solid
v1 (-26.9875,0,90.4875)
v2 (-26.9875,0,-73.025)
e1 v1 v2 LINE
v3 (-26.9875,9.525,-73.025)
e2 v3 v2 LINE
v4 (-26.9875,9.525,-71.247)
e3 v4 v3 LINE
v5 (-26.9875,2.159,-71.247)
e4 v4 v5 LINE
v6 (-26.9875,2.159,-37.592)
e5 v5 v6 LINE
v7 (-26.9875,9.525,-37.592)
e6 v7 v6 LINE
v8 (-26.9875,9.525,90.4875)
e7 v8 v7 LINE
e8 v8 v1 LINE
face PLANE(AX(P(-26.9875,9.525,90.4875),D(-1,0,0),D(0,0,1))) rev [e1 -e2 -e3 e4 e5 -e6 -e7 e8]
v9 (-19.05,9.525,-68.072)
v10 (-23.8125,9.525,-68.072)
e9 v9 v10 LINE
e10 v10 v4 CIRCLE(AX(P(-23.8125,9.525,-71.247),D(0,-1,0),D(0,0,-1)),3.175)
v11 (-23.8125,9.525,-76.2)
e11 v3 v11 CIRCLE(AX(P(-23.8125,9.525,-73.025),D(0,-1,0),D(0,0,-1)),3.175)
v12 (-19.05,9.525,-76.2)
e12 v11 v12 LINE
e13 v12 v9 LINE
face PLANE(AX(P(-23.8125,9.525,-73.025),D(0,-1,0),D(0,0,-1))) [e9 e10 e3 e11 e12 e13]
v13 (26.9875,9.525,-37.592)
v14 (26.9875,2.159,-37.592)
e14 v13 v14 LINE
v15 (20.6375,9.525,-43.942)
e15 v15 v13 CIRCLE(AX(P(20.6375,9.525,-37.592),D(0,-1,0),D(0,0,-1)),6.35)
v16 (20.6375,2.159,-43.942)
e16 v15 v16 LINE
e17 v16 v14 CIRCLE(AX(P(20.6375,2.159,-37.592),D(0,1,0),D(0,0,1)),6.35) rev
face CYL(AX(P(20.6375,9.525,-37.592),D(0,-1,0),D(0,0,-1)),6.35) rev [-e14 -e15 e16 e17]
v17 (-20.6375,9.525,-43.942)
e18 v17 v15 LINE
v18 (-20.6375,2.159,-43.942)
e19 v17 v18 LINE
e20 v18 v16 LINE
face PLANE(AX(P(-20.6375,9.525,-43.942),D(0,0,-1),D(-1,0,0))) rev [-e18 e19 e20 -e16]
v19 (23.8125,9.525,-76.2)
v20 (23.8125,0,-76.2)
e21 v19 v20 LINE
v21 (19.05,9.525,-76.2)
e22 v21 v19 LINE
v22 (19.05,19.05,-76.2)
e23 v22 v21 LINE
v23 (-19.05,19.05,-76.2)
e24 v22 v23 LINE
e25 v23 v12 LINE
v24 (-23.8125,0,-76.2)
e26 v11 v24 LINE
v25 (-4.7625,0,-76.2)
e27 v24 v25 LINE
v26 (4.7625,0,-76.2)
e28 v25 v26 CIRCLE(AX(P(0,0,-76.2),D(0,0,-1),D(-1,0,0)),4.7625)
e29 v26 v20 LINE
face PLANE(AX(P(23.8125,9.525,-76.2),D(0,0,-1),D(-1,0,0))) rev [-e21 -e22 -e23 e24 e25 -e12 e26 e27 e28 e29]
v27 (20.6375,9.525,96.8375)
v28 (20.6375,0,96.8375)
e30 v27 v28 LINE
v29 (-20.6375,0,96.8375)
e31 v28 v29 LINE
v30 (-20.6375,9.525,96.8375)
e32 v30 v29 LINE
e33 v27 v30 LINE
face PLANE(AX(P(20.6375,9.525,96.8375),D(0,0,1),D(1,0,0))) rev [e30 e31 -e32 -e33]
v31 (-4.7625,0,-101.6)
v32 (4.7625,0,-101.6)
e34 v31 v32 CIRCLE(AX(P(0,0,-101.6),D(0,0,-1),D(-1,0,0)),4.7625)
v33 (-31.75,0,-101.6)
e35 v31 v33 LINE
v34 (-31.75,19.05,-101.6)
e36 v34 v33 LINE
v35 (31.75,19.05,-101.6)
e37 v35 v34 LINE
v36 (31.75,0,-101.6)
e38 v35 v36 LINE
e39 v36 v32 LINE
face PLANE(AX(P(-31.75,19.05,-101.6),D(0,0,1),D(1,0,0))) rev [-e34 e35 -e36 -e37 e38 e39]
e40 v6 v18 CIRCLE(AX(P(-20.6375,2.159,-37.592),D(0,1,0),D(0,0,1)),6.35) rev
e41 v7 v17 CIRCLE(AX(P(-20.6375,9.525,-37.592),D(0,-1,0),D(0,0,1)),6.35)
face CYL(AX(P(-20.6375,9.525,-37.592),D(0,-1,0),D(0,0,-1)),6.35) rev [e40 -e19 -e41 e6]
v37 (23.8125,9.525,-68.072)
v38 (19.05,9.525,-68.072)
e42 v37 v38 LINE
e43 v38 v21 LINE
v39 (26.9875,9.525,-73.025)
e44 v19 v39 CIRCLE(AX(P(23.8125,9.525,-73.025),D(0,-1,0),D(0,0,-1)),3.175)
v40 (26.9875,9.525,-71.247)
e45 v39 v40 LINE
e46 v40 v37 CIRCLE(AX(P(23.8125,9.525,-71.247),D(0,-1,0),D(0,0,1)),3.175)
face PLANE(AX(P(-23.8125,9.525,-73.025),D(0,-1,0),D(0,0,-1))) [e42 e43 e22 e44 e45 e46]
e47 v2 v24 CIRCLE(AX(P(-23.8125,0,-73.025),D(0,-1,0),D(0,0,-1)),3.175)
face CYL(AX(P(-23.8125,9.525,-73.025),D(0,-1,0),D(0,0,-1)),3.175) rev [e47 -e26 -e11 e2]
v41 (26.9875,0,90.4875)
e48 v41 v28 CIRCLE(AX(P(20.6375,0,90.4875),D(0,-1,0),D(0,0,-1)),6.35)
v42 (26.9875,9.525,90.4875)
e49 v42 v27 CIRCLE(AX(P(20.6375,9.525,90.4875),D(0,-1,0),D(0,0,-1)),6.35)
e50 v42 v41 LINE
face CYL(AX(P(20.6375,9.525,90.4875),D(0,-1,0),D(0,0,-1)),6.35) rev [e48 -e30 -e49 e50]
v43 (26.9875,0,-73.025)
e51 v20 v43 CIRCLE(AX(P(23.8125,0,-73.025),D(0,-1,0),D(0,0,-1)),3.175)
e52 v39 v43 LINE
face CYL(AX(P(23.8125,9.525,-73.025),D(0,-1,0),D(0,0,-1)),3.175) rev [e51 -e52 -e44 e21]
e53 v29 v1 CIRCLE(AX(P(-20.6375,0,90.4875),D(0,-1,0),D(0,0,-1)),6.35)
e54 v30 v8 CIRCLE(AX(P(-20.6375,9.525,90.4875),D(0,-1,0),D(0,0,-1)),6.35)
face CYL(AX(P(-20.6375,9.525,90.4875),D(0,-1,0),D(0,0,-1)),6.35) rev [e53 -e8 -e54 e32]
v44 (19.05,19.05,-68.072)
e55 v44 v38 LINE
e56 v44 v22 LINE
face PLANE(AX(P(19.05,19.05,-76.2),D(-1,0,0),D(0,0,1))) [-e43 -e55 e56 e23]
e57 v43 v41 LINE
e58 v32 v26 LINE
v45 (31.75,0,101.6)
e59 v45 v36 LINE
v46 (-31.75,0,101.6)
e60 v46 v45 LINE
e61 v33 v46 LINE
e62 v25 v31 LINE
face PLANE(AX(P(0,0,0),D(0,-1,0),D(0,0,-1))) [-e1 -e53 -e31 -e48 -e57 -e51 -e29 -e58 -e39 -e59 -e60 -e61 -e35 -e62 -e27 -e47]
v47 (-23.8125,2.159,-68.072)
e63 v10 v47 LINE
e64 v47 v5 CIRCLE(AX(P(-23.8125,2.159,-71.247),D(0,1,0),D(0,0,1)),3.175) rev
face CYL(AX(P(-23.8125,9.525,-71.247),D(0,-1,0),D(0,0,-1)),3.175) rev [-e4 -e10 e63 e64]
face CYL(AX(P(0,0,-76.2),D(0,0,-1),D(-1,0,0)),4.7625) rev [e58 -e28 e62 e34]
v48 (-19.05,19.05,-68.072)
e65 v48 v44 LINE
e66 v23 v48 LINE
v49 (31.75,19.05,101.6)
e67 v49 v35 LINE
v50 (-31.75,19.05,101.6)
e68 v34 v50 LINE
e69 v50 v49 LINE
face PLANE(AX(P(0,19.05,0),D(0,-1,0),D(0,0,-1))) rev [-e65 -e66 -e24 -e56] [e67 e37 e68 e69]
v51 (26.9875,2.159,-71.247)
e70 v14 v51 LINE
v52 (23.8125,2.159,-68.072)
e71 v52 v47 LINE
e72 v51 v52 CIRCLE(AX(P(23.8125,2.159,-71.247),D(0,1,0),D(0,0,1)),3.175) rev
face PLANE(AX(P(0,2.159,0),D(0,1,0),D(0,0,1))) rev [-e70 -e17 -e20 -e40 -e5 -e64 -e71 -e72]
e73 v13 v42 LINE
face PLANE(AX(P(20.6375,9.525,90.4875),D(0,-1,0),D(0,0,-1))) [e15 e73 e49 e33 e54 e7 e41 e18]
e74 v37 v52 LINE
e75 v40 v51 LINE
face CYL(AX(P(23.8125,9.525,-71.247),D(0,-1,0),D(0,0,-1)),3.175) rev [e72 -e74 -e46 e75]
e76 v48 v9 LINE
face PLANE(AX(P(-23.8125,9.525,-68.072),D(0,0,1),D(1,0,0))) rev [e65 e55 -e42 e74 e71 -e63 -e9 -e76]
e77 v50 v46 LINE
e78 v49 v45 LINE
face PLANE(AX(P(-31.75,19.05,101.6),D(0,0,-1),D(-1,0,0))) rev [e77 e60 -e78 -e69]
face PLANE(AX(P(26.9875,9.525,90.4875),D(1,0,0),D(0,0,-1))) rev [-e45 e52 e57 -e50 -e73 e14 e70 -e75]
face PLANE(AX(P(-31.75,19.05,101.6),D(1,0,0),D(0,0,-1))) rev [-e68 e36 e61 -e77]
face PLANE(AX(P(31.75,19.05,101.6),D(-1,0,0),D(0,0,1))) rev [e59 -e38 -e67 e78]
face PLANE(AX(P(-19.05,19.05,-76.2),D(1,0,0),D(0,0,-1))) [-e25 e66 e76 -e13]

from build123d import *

# Parameters (mm, degrees)
SKETCH1_W           = 63.5
SKETCH1_H           = 203.2
BOSS_EXTRUDE1_DEPTH = 19.05
SKETCH2_R           = 4.7625
CUT_EXTRUDE1_DEPTH  = 25.4
CUT_EXTRUDE2_DEPTH  = 9.525
SKETCH5_W           = 38.1
SKETCH5_H           = 8.128
CUT_EXTRUDE4_DEPTH  = 109.136603424
SKETCH6_W           = 53.975
SKETCH6_H           = 33.655
CUT_EXTRUDE5_DEPTH  = 2.159


with BuildPart() as part:
    # Sketch1 → Boss-Extrude1 (new body)
    with BuildSketch(Plane(origin=(0, 0, 0), x_dir=(1, 0, 0), z_dir=(0, 1, 0))):
        Rectangle(SKETCH1_W, SKETCH1_H)
    extrude(amount=BOSS_EXTRUDE1_DEPTH)

    # Sketch2 → Cut-Extrude1 (cut)
    with BuildSketch(Plane(origin=(0, 0, -101.6), x_dir=(-1, 0, 0), z_dir=(0, 0, -1))):
        Circle(SKETCH2_R)
    extrude(amount=-CUT_EXTRUDE1_DEPTH, mode=Mode.SUBTRACT)

    # Sketch3 → Cut-Extrude2 (cut)
    with BuildSketch(Plane(origin=(0, 0, 0), x_dir=(-1, 0, 0), z_dir=(0, -1, 0))):
        with BuildLine():
            Line((-20.6375, -96.8375), (20.6375, -96.8375))
            ThreePointArc((20.6375, -96.8375), (25.127628061, -94.977628061), (26.9875, -90.4875))
            Line((26.9875, -90.4875), (26.9875, 37.592))
            ThreePointArc((26.9875, 37.592), (25.127628061, 42.082128061), (20.6375, 43.942))
            Line((20.6375, 43.942), (-20.6375, 43.942))
            ThreePointArc((-20.6375, 43.942), (-25.127628061, 42.082128061), (-26.9875, 37.592))
            Line((-26.9875, 37.592), (-26.9875, -90.4875))
            ThreePointArc((-26.9875, -90.4875), (-25.127628061, -94.977628061), (-20.6375, -96.8375))
        make_face()
        with BuildLine():
            Line((-23.8125, 76.2), (23.8125, 76.2))
            ThreePointArc((23.8125, 76.2), (26.05756403, 75.27006403), (26.9875, 73.025))
            Line((26.9875, 73.025), (26.9875, 71.247))
            ThreePointArc((26.9875, 71.247), (26.05756403, 69.00193597), (23.8125, 68.072))
            Line((23.8125, 68.072), (-23.8125, 68.072))
            ThreePointArc((-23.8125, 68.072), (-26.05756403, 69.00193597), (-26.9875, 71.247))
            Line((-26.9875, 71.247), (-26.9875, 73.025))
            ThreePointArc((-26.9875, 73.025), (-26.05756403, 75.27006403), (-23.8125, 76.2))
        make_face()
    extrude(amount=-CUT_EXTRUDE2_DEPTH, mode=Mode.SUBTRACT)

    # Sketch5 → Cut-Extrude4 (cut, through all)
    with BuildSketch(Plane(origin=(0, 0, 0), x_dir=(1, 0, 0), z_dir=(0, 1, 0))):
        with Locations((0, 72.136)):
            Rectangle(SKETCH5_W, SKETCH5_H)
    extrude(amount=CUT_EXTRUDE4_DEPTH, mode=Mode.SUBTRACT)

    # Sketch6 → Cut-Extrude5 (cut)
    with BuildSketch(Plane(origin=(0, 0, 0), x_dir=(1, 0, 0), z_dir=(0, 1, 0))):
        with Locations((0, 54.4195)):
            Rectangle(SKETCH6_W, SKETCH6_H)
    extrude(amount=CUT_EXTRUDE5_DEPTH, mode=Mode.SUBTRACT)


solid = part.part
